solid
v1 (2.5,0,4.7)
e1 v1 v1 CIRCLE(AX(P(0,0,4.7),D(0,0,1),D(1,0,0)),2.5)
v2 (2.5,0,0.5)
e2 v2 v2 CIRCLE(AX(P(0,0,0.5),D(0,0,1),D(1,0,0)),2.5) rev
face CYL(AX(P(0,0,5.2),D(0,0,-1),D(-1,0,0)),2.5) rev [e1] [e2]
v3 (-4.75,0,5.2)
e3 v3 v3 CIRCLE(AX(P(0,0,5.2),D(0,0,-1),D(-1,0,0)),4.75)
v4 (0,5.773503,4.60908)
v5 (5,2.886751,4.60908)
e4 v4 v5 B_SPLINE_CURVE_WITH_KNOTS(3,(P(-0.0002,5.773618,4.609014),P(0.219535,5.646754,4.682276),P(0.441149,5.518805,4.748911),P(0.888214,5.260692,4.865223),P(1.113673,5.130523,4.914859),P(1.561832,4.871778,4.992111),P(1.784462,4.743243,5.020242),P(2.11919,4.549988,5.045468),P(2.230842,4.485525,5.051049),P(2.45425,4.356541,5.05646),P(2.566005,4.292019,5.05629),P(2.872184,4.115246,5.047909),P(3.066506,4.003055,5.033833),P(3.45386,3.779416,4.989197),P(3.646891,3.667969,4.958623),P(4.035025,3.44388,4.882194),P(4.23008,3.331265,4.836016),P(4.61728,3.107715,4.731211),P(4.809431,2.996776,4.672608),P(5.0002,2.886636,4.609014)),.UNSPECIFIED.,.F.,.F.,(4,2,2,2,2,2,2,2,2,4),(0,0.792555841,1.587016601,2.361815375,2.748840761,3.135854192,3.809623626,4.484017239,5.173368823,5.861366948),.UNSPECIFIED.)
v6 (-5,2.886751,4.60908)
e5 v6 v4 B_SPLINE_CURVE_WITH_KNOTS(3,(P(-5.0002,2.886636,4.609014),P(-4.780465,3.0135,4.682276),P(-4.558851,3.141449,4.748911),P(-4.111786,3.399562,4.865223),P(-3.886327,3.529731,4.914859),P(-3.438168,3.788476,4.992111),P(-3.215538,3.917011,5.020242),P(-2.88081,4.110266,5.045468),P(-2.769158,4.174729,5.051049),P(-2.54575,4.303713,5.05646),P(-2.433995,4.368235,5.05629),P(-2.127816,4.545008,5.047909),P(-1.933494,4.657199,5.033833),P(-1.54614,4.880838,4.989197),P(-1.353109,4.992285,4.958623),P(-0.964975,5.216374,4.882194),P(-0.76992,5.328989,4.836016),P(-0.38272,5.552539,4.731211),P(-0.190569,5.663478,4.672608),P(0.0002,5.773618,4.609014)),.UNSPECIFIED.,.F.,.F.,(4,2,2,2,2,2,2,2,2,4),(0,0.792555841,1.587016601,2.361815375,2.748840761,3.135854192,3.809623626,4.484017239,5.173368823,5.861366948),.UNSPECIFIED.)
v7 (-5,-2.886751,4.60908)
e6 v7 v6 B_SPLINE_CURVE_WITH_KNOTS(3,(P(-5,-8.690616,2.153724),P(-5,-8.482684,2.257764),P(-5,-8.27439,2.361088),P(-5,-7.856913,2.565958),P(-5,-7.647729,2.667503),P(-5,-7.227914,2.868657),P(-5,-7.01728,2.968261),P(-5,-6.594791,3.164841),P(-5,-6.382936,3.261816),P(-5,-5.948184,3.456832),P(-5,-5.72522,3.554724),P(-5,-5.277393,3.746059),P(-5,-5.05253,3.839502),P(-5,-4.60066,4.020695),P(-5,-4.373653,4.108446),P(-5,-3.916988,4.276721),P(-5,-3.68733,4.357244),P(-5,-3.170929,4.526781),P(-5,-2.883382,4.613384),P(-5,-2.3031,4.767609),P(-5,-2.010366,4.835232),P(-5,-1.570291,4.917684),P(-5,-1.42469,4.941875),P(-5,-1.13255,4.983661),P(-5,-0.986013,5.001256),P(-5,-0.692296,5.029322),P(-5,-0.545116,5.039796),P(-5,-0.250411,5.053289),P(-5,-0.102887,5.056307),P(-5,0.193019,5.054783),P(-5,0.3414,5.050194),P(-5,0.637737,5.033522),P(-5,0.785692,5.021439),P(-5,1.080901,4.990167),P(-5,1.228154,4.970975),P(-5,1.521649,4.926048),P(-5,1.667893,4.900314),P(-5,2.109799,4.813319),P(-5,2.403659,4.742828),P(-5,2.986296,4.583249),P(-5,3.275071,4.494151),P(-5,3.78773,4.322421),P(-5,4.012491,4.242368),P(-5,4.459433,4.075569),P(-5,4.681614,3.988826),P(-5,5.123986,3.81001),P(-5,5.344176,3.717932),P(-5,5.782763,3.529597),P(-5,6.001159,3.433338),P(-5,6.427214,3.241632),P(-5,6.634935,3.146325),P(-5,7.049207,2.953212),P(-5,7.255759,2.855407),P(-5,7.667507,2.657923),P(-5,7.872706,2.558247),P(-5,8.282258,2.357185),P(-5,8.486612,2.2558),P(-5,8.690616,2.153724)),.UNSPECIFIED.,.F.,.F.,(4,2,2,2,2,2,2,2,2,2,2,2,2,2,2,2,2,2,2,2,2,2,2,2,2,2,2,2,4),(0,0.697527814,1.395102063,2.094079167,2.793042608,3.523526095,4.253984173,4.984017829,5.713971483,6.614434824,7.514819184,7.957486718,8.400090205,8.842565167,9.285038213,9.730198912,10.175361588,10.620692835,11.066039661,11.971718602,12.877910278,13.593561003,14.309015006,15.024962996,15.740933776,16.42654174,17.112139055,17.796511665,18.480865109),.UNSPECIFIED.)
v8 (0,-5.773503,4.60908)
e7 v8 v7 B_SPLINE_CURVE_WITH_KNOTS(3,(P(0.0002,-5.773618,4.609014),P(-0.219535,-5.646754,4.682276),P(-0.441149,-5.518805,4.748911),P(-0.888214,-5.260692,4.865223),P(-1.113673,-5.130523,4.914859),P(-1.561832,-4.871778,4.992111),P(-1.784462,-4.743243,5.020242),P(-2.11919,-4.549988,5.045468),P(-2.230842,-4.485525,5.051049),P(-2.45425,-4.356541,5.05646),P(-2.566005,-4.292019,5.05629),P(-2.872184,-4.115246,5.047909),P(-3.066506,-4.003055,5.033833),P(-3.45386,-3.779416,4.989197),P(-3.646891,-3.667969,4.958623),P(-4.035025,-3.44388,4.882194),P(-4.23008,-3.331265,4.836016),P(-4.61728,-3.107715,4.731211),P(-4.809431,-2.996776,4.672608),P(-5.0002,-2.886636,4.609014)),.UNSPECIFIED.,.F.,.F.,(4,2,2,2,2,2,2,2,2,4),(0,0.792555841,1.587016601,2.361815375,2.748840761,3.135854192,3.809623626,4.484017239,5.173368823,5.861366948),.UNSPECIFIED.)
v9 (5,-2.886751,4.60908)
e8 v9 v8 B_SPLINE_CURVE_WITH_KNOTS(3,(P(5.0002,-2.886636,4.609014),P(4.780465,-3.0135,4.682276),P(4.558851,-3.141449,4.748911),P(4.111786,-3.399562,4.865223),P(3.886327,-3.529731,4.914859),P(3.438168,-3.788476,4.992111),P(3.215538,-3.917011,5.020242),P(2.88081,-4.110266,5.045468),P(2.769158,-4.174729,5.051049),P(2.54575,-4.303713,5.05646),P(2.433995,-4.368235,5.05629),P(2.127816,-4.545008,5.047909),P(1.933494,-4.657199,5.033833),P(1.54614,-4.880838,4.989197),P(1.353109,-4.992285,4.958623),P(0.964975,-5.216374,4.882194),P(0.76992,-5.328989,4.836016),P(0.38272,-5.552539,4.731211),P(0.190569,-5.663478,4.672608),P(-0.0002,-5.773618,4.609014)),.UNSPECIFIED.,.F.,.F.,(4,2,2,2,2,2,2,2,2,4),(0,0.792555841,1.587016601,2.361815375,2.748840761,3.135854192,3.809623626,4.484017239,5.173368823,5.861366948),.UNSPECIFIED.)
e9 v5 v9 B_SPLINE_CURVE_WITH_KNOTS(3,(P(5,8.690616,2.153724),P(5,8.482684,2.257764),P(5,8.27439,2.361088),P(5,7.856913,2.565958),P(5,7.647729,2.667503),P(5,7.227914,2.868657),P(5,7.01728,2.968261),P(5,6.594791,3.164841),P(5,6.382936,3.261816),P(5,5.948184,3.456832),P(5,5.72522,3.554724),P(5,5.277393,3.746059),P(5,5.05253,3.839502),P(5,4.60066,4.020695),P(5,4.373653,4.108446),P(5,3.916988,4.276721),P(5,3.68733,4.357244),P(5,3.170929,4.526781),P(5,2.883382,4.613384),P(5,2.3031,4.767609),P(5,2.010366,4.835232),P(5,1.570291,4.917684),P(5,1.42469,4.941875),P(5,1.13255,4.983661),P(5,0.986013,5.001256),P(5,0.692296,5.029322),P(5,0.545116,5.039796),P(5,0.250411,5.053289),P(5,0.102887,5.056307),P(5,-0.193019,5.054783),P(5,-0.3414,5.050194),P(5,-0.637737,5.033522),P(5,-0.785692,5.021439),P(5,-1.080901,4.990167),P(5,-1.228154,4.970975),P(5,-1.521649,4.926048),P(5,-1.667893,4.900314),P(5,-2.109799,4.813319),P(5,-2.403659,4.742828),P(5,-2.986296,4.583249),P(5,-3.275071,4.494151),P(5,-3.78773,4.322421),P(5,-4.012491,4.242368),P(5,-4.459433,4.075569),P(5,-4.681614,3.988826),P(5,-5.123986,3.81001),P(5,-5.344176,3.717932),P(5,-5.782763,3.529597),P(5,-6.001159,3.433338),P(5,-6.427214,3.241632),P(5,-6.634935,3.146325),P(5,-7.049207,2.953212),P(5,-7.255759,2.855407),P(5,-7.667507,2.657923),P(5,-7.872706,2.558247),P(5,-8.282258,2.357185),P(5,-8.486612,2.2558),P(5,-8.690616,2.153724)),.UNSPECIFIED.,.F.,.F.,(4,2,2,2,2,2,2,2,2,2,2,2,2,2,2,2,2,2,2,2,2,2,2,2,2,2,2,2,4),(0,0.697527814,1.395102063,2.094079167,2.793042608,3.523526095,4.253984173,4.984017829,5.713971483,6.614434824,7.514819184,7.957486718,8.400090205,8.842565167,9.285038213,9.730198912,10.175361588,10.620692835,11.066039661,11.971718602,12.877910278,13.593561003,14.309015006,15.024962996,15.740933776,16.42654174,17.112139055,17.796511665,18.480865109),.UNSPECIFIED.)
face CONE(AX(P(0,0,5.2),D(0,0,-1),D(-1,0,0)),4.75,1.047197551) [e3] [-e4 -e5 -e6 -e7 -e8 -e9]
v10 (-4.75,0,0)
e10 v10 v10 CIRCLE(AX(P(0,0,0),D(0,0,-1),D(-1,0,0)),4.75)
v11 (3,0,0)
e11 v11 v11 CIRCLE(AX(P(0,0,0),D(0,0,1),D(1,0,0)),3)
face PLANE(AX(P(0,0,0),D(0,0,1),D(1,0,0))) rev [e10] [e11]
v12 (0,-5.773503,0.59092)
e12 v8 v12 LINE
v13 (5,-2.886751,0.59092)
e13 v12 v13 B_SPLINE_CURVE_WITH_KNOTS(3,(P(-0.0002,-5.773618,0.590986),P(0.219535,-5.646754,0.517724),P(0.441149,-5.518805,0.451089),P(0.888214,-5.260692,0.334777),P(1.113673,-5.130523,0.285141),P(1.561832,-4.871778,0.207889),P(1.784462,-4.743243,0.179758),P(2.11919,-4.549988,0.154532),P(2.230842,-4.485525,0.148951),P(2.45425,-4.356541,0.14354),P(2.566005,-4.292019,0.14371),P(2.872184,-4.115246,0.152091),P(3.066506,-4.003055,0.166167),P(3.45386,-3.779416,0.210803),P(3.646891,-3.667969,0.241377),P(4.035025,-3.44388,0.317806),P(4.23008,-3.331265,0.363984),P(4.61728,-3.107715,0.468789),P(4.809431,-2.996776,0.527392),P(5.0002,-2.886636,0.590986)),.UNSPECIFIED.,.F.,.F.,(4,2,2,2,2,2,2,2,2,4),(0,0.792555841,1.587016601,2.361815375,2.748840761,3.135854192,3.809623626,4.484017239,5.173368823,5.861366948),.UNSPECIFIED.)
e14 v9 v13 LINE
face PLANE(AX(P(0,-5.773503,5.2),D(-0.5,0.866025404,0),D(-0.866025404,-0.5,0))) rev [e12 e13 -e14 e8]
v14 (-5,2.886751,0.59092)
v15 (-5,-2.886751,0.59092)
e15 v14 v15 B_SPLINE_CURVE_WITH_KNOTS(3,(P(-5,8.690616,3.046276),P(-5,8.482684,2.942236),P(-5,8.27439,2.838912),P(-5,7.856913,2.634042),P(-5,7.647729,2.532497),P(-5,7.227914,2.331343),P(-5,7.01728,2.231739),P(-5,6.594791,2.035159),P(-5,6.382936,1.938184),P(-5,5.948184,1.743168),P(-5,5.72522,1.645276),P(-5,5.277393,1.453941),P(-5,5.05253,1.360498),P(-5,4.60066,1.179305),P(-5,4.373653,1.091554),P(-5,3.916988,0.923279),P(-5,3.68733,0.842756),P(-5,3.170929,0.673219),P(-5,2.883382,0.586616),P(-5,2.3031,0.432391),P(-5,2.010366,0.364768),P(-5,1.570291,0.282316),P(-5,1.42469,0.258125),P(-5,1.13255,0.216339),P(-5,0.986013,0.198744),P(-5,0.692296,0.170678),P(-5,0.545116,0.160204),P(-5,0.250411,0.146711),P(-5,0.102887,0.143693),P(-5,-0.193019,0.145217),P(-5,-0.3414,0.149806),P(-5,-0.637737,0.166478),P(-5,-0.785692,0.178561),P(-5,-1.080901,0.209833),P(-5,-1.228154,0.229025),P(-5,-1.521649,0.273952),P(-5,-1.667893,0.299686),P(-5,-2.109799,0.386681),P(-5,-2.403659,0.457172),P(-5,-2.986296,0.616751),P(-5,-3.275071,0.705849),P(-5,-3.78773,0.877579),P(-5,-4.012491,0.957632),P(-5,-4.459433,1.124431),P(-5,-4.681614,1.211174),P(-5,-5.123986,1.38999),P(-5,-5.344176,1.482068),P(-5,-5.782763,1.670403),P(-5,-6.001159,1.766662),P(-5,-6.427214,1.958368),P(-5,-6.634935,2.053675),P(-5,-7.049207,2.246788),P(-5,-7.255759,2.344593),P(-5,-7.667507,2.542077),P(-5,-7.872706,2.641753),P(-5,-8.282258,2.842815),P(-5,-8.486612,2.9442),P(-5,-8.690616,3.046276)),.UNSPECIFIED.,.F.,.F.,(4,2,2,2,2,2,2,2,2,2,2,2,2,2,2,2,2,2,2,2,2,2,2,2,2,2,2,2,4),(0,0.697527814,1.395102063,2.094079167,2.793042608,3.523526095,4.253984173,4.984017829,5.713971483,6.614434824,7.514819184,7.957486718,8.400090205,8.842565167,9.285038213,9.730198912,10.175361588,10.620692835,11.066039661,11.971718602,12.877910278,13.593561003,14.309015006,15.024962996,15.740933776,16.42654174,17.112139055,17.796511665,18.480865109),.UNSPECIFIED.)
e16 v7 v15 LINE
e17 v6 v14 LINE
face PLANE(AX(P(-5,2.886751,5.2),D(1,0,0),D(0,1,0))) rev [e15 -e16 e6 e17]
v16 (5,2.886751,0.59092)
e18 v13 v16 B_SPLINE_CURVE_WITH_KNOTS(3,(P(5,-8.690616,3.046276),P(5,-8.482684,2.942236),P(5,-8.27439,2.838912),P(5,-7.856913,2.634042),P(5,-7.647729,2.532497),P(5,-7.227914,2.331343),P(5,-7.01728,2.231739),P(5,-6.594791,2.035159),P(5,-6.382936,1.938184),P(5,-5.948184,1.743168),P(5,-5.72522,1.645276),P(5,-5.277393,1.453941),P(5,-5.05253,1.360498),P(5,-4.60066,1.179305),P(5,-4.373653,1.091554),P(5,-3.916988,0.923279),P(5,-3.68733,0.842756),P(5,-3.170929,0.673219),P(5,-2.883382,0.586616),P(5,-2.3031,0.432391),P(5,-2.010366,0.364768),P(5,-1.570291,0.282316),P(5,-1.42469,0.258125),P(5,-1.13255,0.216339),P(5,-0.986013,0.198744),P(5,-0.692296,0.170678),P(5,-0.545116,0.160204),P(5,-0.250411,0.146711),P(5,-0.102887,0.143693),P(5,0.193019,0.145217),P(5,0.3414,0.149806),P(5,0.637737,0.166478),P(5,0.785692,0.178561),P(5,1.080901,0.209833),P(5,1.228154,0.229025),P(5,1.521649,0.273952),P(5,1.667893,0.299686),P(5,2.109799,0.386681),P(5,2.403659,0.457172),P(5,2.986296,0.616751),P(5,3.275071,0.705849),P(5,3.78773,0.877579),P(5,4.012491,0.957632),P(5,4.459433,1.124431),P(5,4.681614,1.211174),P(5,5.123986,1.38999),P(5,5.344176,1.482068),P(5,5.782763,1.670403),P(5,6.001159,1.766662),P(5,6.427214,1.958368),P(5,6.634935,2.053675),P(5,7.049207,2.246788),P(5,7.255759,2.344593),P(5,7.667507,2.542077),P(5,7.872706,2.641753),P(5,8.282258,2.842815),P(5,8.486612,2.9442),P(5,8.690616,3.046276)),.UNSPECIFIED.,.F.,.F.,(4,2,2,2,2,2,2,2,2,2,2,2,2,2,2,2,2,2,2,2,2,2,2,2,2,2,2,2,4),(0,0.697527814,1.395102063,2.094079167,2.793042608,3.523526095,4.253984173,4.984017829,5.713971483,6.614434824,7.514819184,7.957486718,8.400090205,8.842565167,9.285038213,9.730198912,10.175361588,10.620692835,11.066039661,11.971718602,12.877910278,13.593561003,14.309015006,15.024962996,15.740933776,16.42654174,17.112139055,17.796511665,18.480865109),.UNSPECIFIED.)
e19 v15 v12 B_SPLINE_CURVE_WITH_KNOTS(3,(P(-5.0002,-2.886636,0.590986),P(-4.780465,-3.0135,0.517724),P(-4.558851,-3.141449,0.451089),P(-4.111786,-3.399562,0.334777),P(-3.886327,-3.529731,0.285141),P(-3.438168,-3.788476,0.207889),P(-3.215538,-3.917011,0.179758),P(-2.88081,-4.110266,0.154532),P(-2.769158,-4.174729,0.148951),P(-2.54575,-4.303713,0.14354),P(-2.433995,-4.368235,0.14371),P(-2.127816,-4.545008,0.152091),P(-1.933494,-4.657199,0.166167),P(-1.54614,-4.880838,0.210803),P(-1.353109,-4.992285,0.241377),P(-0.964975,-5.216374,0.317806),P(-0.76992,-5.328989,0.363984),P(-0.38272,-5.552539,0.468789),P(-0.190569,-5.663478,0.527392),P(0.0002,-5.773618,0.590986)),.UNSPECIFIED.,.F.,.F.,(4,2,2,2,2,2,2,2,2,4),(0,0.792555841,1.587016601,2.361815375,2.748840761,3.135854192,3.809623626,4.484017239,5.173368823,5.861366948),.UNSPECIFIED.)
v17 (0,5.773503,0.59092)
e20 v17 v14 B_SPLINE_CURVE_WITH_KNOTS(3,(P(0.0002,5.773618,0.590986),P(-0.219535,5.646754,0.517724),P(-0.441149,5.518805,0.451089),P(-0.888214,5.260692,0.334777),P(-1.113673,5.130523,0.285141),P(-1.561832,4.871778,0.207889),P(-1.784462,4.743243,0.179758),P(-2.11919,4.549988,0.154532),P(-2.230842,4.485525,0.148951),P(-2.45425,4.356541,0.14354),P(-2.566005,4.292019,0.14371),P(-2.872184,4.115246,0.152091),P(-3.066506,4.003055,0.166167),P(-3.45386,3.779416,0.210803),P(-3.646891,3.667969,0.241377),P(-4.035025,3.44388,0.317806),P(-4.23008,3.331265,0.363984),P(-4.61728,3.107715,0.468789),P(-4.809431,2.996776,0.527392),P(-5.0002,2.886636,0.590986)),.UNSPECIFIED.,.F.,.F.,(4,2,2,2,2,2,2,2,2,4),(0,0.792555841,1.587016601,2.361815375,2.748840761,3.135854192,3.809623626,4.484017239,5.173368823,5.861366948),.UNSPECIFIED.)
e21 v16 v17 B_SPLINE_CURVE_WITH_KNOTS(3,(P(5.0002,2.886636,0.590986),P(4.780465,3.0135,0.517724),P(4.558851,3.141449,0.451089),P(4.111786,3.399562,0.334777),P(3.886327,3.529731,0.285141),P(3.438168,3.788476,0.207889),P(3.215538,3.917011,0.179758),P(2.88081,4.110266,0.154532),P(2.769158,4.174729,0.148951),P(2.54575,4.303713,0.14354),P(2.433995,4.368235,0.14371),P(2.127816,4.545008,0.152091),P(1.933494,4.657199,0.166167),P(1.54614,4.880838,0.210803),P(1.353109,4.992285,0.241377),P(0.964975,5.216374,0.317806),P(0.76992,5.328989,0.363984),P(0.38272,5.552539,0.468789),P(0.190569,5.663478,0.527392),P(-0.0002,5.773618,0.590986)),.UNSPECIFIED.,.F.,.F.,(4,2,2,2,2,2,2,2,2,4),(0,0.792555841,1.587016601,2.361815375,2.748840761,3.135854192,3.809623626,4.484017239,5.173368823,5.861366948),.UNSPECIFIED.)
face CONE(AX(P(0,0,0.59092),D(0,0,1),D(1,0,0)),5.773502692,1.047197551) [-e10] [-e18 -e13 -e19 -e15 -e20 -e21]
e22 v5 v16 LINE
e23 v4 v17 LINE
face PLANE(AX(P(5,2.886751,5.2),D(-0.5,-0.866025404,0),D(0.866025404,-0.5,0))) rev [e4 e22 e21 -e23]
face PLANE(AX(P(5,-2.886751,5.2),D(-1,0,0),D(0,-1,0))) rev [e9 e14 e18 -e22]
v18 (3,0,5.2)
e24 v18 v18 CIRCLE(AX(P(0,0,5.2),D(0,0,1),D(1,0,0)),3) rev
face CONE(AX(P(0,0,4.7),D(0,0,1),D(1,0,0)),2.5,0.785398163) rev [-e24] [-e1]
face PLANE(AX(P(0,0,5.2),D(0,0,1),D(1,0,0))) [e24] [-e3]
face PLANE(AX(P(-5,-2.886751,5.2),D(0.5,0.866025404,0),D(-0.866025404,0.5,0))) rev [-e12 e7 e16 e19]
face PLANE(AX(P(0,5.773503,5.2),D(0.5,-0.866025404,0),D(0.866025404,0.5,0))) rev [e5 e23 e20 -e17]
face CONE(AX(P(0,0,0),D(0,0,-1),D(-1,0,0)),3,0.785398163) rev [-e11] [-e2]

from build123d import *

# Parameters (mm, degrees)
SKETCH_1_R      = 2.5
EXTRUDE_1_DEPTH = 5.2
CHAMFER_1_SIZE  = 0.5


with BuildPart() as part:
    # Эскиз1 → Бобышка-Вытянуть1 (new body)
    with BuildSketch(Plane.XY):
        Polygon((0, 5.773502692), (-5, 2.886751346), (-5, -2.886751346), (0, -5.773502692), (5, -2.886751346), (5, 2.886751346), align=None)
        Circle(SKETCH_1_R, mode=Mode.SUBTRACT)
    extrude(amount=EXTRUDE_1_DEPTH)

    # Эскиз2 → Вырез-Повернуть1 (revolve, cut)
    with BuildSketch(Plane(origin=(0, 0, 0), x_dir=(0, 0, -1), z_dir=(1, 0, 0)), mode=Mode.PRIVATE) as cut_revolve_1_sk:
        Polygon((0, 5.773502692), (-0.590919555, 5.773502692), (0, 4.75), align=None)
        Polygon((-5.2, 4.75), (-5.2, 5.773502692), (-4.609080445, 5.773502692), align=None)
    revolve(cut_revolve_1_sk.sketch.rotate(Axis((0, 0, 0), (0, 0, 1)), 90), axis=Axis((0, 0, 0), (0, 0, 1)), mode=Mode.SUBTRACT)

    # Фаска1
    chamfer_1_edges = [part.edges().sort_by_distance(p)[0] for p in [
        (-2.5, 0, 0),
        (-2.5, 0, 5.2),
    ]]
    chamfer(chamfer_1_edges, length=CHAMFER_1_SIZE)


solid = part.part
